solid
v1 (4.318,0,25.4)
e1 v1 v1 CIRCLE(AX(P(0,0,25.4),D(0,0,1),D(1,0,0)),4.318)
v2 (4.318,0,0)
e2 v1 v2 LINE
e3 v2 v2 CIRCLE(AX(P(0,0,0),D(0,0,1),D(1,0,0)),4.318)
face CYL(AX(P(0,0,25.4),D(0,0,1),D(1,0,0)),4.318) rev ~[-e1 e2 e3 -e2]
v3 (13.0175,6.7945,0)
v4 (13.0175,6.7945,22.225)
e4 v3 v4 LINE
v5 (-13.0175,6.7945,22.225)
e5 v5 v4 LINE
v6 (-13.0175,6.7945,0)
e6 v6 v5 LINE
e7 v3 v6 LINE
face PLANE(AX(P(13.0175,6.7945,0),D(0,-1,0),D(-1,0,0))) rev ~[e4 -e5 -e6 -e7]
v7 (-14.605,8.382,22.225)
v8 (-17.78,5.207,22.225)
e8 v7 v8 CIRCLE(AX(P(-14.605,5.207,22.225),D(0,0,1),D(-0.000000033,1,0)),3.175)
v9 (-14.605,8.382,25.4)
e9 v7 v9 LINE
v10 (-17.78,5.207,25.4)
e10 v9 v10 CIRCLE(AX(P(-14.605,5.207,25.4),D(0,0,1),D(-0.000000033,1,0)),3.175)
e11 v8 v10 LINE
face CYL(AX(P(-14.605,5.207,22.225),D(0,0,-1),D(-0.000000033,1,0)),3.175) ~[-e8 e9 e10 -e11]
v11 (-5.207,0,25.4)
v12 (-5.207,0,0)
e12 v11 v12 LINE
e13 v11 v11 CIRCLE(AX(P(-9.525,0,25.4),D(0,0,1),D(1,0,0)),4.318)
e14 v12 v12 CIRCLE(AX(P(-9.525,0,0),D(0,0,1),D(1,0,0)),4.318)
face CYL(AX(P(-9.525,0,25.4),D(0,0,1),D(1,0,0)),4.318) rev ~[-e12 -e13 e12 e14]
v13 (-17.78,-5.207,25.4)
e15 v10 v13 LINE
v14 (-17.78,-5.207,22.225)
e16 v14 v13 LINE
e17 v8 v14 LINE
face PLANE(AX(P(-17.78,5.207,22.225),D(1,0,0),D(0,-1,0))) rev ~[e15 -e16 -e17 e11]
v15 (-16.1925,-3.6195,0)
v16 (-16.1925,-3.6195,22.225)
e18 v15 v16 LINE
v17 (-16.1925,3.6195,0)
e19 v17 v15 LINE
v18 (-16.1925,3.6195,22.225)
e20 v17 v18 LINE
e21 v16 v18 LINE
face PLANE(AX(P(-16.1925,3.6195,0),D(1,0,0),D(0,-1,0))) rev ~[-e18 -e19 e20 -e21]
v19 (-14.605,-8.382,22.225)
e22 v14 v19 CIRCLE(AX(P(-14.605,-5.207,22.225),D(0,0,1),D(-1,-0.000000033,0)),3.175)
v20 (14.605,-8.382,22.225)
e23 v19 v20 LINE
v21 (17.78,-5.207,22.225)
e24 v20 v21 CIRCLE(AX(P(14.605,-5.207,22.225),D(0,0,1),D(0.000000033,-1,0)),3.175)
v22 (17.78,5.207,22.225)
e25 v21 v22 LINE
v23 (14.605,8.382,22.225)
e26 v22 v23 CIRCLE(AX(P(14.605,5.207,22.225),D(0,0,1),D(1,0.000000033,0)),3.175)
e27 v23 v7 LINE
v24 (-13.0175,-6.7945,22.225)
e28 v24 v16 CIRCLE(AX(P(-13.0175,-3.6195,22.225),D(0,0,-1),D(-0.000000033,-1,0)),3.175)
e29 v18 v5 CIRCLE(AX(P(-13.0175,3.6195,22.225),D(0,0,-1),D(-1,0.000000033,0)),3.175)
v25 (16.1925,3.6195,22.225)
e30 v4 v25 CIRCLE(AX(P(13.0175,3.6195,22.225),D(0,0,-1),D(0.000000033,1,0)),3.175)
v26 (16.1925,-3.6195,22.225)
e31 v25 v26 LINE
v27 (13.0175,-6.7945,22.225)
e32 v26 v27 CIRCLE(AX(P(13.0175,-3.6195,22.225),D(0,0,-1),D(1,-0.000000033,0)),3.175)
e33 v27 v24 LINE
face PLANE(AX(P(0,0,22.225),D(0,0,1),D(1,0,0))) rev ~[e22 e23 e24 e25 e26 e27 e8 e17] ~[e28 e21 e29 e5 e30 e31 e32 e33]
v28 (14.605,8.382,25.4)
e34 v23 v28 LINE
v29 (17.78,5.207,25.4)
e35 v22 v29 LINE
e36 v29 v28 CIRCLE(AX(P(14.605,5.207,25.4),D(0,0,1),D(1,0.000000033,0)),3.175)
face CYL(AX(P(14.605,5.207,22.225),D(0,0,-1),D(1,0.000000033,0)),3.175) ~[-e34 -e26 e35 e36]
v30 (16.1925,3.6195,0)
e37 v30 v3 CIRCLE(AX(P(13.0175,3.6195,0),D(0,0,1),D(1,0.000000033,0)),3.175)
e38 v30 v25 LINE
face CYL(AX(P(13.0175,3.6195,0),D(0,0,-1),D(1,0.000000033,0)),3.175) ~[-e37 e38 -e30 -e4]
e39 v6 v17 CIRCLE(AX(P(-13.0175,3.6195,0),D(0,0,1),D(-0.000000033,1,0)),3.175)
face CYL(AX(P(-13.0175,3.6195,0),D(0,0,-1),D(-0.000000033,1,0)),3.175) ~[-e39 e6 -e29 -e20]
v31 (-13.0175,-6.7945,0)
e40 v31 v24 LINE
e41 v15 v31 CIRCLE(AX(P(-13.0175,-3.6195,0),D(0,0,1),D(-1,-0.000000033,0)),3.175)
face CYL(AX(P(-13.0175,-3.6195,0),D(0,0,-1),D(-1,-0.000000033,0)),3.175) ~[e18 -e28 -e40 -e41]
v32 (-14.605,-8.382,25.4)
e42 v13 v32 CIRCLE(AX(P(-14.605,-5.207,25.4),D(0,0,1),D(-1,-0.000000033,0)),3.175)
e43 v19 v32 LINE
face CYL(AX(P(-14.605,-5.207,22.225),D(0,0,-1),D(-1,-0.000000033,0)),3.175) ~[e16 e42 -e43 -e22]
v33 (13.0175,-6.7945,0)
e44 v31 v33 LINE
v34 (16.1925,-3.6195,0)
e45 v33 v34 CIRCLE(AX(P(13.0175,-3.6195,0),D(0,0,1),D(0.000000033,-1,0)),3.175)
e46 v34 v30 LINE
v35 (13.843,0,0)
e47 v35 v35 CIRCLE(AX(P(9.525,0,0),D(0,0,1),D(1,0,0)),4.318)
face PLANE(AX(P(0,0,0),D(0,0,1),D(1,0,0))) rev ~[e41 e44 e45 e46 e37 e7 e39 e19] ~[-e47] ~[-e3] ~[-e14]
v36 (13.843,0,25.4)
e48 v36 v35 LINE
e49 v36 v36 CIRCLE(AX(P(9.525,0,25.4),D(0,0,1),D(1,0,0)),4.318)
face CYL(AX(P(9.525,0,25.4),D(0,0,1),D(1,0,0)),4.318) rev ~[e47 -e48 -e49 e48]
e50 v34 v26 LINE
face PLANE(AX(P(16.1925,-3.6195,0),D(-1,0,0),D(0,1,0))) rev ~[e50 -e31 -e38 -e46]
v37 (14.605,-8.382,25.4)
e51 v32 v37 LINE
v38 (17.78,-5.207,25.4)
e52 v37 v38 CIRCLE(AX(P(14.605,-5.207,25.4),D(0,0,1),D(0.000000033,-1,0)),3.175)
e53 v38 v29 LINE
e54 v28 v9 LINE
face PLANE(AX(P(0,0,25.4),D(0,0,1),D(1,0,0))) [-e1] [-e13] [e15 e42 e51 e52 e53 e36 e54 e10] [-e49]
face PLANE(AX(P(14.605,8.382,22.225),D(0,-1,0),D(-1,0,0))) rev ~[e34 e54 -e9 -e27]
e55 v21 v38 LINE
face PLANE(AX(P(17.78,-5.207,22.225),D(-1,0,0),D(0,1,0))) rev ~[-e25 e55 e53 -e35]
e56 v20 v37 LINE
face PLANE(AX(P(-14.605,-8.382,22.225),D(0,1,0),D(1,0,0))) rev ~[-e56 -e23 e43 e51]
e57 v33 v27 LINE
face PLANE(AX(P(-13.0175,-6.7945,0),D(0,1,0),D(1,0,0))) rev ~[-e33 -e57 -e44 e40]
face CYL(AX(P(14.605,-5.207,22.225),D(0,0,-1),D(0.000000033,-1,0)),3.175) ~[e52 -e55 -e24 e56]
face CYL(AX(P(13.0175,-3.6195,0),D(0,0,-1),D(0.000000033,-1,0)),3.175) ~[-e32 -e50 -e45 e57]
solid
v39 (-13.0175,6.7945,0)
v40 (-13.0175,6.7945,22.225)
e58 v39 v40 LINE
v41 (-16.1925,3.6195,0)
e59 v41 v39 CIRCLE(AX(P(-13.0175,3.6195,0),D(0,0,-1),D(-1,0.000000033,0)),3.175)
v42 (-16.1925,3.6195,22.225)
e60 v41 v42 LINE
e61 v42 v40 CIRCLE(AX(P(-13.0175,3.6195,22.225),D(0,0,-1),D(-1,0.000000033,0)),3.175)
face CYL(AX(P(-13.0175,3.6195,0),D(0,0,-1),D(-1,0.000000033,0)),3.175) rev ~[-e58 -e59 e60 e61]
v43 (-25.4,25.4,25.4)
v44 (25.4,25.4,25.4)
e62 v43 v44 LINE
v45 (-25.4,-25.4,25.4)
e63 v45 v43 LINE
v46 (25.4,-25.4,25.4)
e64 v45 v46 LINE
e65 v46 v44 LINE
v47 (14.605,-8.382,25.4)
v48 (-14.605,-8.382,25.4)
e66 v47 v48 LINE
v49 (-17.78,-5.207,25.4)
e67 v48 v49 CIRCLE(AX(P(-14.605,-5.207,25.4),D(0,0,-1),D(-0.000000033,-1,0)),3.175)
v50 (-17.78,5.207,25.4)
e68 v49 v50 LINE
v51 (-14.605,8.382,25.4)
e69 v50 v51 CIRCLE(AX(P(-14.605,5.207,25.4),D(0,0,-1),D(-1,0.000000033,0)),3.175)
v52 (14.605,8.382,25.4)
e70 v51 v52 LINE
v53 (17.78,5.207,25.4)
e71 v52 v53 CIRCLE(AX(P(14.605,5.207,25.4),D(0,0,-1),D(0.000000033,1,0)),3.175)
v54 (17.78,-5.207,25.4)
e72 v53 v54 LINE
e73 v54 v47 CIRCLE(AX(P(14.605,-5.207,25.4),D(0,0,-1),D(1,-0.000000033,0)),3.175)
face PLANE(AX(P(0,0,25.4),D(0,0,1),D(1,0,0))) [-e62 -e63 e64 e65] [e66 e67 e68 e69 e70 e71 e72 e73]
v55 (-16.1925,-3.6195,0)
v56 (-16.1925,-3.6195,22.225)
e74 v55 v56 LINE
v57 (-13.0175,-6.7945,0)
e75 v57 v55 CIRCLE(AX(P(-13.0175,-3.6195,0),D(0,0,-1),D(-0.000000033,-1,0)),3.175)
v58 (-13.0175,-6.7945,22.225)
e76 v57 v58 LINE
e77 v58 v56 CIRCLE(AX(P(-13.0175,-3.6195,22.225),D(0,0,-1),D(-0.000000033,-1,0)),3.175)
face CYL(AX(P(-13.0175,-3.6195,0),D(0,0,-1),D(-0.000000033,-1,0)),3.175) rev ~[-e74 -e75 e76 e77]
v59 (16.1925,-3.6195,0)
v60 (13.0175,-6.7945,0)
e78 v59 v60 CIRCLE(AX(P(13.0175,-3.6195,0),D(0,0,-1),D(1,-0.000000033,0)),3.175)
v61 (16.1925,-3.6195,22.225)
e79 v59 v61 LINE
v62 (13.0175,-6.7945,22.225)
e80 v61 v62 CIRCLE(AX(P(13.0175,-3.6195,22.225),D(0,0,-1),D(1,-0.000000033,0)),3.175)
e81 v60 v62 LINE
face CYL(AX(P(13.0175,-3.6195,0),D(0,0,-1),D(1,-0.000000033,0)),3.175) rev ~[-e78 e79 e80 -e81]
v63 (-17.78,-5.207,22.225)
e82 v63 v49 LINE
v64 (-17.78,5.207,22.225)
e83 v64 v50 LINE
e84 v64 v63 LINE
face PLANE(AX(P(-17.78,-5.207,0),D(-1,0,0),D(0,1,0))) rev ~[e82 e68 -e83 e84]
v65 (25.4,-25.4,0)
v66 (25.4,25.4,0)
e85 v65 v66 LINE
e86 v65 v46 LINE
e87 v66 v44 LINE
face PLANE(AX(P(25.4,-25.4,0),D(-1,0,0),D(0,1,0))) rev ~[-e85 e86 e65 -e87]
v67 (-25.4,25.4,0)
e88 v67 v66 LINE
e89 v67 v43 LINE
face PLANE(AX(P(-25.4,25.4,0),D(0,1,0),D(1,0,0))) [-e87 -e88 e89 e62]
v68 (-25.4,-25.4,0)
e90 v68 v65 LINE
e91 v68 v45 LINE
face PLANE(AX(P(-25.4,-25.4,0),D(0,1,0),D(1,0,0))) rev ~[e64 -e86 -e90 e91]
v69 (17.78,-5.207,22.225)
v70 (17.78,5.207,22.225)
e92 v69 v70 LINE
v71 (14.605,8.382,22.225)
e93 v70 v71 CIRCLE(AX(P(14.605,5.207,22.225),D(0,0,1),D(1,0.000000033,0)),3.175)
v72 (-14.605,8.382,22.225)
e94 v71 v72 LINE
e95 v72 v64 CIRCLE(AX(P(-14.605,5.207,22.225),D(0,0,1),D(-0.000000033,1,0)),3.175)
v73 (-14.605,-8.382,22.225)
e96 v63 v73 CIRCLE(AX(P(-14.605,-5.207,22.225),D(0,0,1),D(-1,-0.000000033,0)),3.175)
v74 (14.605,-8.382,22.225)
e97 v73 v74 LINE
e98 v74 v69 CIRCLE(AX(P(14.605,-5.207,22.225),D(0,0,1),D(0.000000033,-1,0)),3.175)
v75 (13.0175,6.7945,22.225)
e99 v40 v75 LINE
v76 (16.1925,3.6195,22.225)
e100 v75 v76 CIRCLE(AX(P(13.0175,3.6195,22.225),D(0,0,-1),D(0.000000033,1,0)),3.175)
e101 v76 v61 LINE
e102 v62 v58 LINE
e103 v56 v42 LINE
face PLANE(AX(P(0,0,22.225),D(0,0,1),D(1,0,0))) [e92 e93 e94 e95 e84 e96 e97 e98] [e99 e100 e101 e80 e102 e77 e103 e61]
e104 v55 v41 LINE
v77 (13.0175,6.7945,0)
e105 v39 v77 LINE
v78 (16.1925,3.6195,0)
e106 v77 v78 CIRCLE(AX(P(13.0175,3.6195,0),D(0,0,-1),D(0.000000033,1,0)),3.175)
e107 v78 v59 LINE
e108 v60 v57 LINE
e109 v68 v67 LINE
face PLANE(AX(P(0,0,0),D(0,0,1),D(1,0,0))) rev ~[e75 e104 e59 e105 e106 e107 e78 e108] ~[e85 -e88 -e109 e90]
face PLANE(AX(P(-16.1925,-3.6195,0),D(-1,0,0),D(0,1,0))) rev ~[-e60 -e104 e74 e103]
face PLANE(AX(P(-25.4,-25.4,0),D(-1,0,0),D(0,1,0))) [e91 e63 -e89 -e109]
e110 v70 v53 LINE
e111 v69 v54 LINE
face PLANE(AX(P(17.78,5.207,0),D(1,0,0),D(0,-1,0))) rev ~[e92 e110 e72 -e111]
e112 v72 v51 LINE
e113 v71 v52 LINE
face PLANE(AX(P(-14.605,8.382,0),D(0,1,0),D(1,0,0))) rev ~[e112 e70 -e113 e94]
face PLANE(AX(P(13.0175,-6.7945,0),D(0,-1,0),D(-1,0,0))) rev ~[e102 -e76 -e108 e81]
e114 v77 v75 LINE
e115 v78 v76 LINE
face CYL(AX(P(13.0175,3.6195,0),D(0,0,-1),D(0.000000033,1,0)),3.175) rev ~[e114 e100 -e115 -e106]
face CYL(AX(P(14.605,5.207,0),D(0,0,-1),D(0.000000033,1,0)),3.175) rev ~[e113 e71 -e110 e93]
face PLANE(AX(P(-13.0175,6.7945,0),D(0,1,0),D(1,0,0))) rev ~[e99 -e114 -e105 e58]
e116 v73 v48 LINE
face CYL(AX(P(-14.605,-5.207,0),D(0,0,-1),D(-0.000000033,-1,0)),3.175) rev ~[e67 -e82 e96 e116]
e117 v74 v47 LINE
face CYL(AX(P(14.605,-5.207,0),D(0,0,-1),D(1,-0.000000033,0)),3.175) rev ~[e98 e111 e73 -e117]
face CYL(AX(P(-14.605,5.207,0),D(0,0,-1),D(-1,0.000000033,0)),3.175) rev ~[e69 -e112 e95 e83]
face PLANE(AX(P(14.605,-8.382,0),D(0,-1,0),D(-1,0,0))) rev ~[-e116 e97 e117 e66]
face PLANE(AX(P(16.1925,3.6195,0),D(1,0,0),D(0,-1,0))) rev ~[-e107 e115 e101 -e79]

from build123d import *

# Parameters (mm, degrees)
F0_W     = 50.8
F0_H     = 50.8
F1_DEPTH = 25.4
F2_DEPTH = 22.225
F3_DEPTH = 25.4
F4_DEPTH = 3.175
F6_R     = 4.318
F7_DEPTH = 25.4


with BuildPart() as f1:
    # F0 (on Top) → F1 (new body)
    with BuildSketch(Plane.XY):
        Rectangle(F0_W, F0_H)
        with BuildLine():
            Line((14.605, -8.382), (-14.605, -8.382))
            ThreePointArc((-14.605, -8.382), (-16.850064, -7.452064), (-17.78, -5.207))
            Line((-17.78, -5.207), (-17.78, 5.207))
            ThreePointArc((-17.78, 5.207), (-16.850064, 7.452064), (-14.605, 8.382))
            Line((-14.605, 8.382), (14.605, 8.382))
            ThreePointArc((14.605, 8.382), (16.850064, 7.452064), (17.78, 5.207))
            Line((17.78, 5.207), (17.78, -5.207))
            ThreePointArc((17.78, -5.207), (16.850064, -7.452064), (14.605, -8.382))
        make_face(mode=Mode.SUBTRACT)
    extrude(amount=F1_DEPTH)

    # F0 (on Top) → F2 (join)
    with BuildSketch(Plane.XY):
        with BuildLine():
            ThreePointArc((-17.78, -5.207), (-16.850064, -7.452064), (-14.605, -8.382))
            Line((-14.605, -8.382), (14.605, -8.382))
            ThreePointArc((14.605, -8.382), (16.850064, -7.452064), (17.78, -5.207))
            Line((17.78, -5.207), (17.78, 5.207))
            ThreePointArc((17.78, 5.207), (16.850064, 7.452064), (14.605, 8.382))
            Line((14.605, 8.382), (-14.605, 8.382))
            ThreePointArc((-14.605, 8.382), (-16.850064, 7.452064), (-17.78, 5.207))
            Line((-17.78, 5.207), (-17.78, -5.207))
        make_face()
        with BuildLine():
            Line((13.0175, -6.7945), (-13.0175, -6.7945))
            ThreePointArc((-13.0175, -6.7945), (-15.262564, -5.864564), (-16.1925, -3.6195))
            Line((-16.1925, -3.6195), (-16.1925, 3.6195))
            ThreePointArc((-16.1925, 3.6195), (-15.262564, 5.864564), (-13.0175, 6.7945))
            Line((-13.0175, 6.7945), (13.0175, 6.7945))
            ThreePointArc((13.0175, 6.7945), (15.262564, 5.864564), (16.1925, 3.6195))
            Line((16.1925, 3.6195), (16.1925, -3.6195))
            ThreePointArc((16.1925, -3.6195), (15.262564, -5.864564), (13.0175, -6.7945))
        make_face(mode=Mode.SUBTRACT)
    extrude(amount=F2_DEPTH)


with BuildPart() as f3:
    # F0 (on Top) → F3 (new body)
    with BuildSketch(Plane.XY):
        with BuildLine():
            ThreePointArc((-16.1925, -3.6195), (-15.262564, -5.864564), (-13.0175, -6.7945))
            Line((-13.0175, -6.7945), (13.0175, -6.7945))
            ThreePointArc((13.0175, -6.7945), (15.262564, -5.864564), (16.1925, -3.6195))
            Line((16.1925, -3.6195), (16.1925, 3.6195))
            ThreePointArc((16.1925, 3.6195), (15.262564, 5.864564), (13.0175, 6.7945))
            Line((13.0175, 6.7945), (-13.0175, 6.7945))
            ThreePointArc((-13.0175, 6.7945), (-15.262564, 5.864564), (-16.1925, 3.6195))
            Line((-16.1925, 3.6195), (-16.1925, -3.6195))
        make_face()
    extrude(amount=F3_DEPTH)


with BuildPart() as f4:
    # F2_face (on face) → F4 (new body)
    with BuildSketch(Plane.XY.offset(22.225)):
        with BuildLine():
            ThreePointArc((-17.78, -5.207), (-16.850064, -7.452064), (-14.605, -8.382))
            Line((-14.605, -8.382), (14.605, -8.382))
            ThreePointArc((14.605, -8.382), (16.850064, -7.452064), (17.78, -5.207))
            Line((17.78, -5.207), (17.78, 5.207))
            ThreePointArc((17.78, 5.207), (16.850064, 7.452064), (14.605, 8.382))
            Line((14.605, 8.382), (-14.605, 8.382))
            ThreePointArc((-14.605, 8.382), (-16.850064, 7.452064), (-17.78, 5.207))
            Line((-17.78, 5.207), (-17.78, -5.207))
        make_face()
        with BuildLine():
            Line((13.0175, -6.7945), (-13.0175, -6.7945))
            ThreePointArc((-13.0175, -6.7945), (-15.262564, -5.864564), (-16.1925, -3.6195))
            Line((-16.1925, -3.6195), (-16.1925, 3.6195))
            ThreePointArc((-16.1925, 3.6195), (-15.262564, 5.864564), (-13.0175, 6.7945))
            Line((-13.0175, 6.7945), (13.0175, 6.7945))
            ThreePointArc((13.0175, 6.7945), (15.262564, 5.864564), (16.1925, 3.6195))
            Line((16.1925, 3.6195), (16.1925, -3.6195))
            ThreePointArc((16.1925, -3.6195), (15.262564, -5.864564), (13.0175, -6.7945))
        make_face(mode=Mode.SUBTRACT)
    extrude(amount=F4_DEPTH)


with BuildPart() as f3_1:
    add(f3.part)

    # F5: union F4
    add(f4.part)

    # F6 (on face) → F7 (cut)
    with BuildSketch(Plane.XY.offset(25.4)):
        Circle(F6_R)
        with Locations((-9.525, 0)):
            Circle(F6_R)
        with Locations((9.525, 0)):
            Circle(F6_R)
    extrude(amount=-F7_DEPTH, mode=Mode.SUBTRACT)


solid = Compound([f1.part, f3_1.part])
